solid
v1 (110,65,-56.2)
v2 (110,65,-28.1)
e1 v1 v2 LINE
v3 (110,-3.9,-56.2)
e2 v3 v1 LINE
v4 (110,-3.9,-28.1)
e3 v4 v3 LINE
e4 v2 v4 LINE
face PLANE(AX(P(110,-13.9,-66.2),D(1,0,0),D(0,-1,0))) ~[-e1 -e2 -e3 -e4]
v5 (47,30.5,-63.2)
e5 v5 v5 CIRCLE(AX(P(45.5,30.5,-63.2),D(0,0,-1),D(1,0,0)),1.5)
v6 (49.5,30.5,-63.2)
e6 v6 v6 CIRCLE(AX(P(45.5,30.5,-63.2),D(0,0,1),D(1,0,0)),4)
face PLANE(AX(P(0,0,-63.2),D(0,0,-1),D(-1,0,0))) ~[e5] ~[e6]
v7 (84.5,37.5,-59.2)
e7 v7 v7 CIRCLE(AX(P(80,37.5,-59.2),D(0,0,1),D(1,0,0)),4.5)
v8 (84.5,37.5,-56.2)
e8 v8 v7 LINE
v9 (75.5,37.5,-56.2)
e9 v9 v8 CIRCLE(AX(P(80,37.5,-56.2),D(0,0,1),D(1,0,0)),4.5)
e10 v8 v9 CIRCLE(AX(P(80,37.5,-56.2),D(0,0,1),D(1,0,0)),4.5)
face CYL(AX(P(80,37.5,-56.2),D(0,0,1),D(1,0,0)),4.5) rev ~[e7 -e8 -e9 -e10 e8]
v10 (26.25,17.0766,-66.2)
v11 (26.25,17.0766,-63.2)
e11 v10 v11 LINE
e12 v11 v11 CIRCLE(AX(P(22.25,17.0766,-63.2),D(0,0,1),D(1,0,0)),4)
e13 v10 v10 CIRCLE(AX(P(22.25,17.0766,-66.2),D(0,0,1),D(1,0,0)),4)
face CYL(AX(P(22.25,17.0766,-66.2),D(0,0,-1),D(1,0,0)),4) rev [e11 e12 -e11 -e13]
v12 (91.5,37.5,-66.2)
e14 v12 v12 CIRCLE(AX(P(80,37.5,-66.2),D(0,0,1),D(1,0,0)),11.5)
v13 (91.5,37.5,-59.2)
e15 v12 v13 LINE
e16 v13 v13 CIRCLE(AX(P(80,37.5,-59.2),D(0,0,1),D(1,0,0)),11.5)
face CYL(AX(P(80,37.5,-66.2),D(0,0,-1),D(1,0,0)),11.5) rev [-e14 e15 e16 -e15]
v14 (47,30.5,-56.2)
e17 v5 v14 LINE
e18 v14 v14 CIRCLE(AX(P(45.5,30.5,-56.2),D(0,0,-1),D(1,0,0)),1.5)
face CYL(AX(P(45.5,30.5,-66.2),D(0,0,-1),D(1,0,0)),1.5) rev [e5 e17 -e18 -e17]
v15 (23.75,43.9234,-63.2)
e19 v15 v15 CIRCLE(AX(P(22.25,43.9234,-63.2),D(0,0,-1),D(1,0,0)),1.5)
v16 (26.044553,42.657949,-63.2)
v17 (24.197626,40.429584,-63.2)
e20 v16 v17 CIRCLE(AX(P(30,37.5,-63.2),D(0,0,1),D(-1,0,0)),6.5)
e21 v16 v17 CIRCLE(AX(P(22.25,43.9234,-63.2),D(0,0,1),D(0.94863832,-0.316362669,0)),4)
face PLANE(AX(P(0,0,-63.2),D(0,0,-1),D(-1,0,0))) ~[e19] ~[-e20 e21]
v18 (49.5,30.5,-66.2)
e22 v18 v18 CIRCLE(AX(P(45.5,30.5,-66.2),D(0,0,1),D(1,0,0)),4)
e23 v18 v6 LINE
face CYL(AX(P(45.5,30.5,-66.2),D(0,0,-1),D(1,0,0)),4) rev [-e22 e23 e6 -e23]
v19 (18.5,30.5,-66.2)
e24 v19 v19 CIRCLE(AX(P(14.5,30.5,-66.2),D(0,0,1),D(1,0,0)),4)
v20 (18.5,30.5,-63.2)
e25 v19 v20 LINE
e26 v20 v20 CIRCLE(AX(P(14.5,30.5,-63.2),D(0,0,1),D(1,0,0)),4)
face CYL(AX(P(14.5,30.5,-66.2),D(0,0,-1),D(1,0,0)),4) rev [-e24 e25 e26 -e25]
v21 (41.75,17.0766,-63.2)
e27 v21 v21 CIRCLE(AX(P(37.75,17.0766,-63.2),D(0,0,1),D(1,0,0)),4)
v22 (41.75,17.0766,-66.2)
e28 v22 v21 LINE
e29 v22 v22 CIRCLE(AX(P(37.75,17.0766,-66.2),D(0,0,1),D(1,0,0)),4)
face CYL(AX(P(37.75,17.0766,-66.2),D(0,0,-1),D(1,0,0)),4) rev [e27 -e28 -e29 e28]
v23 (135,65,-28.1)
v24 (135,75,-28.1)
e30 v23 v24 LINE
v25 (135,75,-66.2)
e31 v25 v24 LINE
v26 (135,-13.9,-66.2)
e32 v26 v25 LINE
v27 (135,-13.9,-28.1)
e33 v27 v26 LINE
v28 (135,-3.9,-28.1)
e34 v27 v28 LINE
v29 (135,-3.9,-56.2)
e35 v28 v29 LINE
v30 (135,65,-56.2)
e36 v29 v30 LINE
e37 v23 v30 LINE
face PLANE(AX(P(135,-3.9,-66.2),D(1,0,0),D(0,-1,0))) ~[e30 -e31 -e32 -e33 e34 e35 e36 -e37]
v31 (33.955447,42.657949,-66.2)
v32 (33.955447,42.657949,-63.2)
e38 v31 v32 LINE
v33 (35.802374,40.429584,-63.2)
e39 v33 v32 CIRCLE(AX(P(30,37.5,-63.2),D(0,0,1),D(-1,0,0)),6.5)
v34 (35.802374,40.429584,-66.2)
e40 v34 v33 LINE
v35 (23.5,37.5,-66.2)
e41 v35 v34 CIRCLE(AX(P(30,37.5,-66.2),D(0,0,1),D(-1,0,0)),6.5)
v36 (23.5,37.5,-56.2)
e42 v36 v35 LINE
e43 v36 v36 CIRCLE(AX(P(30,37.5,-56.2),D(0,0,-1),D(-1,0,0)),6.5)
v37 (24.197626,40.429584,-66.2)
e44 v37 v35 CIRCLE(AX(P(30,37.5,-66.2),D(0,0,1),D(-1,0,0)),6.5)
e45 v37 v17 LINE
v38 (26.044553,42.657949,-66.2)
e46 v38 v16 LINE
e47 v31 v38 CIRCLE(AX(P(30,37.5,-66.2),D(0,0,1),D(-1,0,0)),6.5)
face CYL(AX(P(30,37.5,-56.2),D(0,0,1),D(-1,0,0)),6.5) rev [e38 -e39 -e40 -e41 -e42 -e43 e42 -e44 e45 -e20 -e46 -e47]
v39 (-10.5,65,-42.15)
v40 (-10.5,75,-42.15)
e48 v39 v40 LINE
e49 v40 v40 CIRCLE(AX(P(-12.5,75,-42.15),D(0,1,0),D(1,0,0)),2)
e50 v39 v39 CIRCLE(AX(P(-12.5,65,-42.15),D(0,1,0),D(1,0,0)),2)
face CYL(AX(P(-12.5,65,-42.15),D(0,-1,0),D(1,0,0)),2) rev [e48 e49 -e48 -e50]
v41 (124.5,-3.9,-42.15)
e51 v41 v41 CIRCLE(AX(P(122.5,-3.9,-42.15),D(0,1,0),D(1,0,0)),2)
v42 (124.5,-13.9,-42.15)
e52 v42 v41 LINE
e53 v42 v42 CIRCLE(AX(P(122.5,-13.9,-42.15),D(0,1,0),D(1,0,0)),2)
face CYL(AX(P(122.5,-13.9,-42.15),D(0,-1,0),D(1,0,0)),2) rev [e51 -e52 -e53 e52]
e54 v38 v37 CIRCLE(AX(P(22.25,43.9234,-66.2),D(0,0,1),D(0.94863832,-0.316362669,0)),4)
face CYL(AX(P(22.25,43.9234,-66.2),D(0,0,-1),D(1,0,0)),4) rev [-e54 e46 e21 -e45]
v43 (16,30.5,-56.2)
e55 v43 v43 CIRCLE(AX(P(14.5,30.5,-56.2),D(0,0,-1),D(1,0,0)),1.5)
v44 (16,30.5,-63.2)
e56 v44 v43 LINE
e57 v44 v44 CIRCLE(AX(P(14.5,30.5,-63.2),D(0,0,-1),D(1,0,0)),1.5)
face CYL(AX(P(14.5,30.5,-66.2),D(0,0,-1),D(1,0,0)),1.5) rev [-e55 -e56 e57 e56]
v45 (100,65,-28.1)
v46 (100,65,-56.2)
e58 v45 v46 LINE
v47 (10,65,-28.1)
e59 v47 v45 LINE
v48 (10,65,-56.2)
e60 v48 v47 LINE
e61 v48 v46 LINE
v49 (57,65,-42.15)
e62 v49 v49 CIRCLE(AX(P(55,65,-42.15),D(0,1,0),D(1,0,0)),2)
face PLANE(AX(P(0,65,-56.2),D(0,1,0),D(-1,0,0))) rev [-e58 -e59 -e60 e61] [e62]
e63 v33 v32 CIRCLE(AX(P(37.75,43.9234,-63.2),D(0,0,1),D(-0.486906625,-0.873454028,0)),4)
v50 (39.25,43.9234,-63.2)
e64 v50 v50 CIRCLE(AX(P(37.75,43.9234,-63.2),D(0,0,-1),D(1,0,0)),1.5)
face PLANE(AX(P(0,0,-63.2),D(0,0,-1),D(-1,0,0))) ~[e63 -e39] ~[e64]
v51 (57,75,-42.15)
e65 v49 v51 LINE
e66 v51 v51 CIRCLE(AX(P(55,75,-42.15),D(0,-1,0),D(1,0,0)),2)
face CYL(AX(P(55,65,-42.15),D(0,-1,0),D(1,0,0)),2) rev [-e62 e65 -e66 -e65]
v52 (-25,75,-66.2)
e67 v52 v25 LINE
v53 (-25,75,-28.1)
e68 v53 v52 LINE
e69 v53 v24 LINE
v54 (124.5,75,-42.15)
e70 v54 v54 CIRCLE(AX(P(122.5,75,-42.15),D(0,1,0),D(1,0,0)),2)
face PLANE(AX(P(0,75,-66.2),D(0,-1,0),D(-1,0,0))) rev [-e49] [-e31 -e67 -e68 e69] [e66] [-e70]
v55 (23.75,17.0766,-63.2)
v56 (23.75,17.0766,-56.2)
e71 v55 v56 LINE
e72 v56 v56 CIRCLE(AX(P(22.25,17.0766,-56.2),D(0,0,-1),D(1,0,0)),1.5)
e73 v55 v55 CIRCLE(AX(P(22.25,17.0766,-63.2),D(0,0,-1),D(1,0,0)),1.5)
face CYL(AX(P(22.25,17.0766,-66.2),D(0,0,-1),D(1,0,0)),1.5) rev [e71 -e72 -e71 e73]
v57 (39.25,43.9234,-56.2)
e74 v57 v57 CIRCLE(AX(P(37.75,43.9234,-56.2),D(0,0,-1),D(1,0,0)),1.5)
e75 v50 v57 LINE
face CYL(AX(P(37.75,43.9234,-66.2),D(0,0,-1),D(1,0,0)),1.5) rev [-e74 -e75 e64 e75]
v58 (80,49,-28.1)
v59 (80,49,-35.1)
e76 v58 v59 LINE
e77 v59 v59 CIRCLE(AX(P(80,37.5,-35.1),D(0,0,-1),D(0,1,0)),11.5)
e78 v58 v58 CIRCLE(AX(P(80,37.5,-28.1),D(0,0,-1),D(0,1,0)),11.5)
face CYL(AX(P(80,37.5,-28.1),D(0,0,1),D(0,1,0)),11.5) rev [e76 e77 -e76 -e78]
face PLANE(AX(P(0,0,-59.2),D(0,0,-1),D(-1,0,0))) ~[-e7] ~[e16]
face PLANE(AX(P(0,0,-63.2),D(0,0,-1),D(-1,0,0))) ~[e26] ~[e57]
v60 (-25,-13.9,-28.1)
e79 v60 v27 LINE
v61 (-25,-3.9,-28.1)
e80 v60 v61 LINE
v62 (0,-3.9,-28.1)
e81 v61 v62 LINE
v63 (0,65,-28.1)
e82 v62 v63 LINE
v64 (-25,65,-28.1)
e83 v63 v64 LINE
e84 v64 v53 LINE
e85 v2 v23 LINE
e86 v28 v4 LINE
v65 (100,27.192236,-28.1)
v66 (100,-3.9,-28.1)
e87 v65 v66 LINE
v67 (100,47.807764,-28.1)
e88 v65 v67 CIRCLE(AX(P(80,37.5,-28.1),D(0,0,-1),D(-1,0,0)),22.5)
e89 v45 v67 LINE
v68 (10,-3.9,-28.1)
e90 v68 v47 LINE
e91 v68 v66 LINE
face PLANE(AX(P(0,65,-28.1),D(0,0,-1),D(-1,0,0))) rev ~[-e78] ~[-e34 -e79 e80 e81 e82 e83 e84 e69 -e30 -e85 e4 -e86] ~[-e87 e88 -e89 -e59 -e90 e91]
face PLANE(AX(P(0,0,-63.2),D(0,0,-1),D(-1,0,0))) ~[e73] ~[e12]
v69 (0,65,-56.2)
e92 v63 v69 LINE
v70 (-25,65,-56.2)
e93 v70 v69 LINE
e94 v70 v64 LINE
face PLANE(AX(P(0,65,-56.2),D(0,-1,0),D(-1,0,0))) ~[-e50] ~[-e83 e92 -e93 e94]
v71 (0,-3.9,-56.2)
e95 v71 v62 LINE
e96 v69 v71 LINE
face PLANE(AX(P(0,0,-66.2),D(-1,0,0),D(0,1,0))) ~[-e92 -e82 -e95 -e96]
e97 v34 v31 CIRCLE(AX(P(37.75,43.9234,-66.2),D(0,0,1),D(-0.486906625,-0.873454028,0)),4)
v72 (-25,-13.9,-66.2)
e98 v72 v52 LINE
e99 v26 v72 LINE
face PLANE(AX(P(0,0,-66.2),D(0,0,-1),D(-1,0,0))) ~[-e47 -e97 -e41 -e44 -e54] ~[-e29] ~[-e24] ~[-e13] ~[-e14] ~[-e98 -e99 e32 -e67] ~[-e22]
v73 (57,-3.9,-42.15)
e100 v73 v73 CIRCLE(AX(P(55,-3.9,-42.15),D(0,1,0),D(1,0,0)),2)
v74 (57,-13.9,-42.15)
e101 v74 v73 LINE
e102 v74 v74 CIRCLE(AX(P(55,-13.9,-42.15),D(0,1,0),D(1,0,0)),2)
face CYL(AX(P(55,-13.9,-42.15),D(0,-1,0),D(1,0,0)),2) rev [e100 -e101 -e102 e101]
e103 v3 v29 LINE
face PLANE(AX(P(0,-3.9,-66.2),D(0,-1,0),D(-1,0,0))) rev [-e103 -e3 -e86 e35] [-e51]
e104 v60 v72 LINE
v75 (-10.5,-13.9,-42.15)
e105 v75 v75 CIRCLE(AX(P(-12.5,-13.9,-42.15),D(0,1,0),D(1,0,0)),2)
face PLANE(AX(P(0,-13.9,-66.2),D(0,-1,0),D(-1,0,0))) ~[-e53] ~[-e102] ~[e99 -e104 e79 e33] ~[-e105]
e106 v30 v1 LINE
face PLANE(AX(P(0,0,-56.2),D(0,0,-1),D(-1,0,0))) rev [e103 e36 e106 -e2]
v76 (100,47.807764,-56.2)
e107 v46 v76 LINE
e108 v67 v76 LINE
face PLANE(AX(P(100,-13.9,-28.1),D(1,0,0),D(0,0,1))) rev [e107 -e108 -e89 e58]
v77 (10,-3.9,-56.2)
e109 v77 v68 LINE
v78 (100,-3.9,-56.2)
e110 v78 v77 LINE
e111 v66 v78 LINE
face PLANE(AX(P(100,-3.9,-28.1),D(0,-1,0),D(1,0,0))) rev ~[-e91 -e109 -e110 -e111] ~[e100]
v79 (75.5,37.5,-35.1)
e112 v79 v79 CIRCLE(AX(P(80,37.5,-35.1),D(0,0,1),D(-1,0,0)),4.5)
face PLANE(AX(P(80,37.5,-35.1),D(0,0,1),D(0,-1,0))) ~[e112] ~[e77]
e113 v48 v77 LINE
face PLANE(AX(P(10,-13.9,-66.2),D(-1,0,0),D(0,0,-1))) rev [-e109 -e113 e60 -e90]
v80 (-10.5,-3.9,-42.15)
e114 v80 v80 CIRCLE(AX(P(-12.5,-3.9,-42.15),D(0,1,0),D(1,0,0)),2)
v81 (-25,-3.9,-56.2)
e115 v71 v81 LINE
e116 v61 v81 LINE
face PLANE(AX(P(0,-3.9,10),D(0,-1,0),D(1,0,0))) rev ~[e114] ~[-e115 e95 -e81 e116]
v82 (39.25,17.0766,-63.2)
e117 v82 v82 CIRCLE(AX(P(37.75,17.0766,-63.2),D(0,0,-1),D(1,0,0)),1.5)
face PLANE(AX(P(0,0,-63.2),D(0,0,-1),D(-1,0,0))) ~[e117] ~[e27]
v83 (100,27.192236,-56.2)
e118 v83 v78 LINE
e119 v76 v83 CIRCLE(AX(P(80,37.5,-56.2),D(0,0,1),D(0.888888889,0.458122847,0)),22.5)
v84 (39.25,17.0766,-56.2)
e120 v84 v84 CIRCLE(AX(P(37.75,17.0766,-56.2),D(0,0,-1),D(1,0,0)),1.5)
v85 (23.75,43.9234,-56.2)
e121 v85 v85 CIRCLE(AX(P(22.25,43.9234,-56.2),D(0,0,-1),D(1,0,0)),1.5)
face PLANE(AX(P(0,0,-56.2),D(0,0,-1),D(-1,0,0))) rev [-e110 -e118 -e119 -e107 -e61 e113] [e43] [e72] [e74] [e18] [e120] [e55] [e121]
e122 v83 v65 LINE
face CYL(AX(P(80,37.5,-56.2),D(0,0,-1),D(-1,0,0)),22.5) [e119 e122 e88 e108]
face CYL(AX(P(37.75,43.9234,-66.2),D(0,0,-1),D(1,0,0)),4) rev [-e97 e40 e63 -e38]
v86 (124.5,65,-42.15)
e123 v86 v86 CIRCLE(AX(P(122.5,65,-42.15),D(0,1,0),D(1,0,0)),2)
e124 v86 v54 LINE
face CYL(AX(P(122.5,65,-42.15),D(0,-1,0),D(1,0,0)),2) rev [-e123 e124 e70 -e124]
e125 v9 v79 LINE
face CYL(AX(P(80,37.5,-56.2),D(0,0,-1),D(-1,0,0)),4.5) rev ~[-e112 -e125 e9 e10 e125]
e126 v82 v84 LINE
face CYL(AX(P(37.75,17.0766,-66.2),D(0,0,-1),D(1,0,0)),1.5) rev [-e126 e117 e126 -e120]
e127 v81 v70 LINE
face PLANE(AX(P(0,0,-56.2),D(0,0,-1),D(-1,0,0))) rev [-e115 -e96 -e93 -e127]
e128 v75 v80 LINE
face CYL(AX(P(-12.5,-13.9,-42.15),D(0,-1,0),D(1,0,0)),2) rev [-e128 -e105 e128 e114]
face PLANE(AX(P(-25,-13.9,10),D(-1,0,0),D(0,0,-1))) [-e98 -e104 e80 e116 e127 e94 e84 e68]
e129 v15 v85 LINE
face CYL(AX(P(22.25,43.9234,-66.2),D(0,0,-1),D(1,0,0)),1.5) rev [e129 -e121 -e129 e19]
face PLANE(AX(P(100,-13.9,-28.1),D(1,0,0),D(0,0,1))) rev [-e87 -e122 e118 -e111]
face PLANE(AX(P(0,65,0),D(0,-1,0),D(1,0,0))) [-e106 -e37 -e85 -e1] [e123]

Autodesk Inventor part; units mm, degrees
ref_plane "YZ Plane" through (0, 0, 0) normal (1, 0, 0) x (0, 1, 0)
ref_plane "XZ Plane" through (0, 0, 0) normal (0, 1, 0) x (-1, 0, 0)
ref_plane "XY Plane" through (0, 0, 0) normal (0, 0, 1) x (1, 0, 0)
sketch "Sketch1" plane through (0, 0, 0) normal (0, 0, 1) x (1, 0, 0)
  line L0 (0, 0) -> (110, 0)
  line L1 (110, 0) -> (110, 75)
  line L2 (110, 75) -> (0, 75)
  line L3 (0, 75) -> (0, 0)
  circle A0 centre (80, 37.5) radius 4.5
  circle A1 centre (30, 37.5) radius 4
  line L4 (30, 37.5) -> (80, 37.5) construction
  point P0 (110, 37.5)
  dimension "d0" = 110
  dimension "d1" = 75
  dimension "d2" = 9
  dimension "d3" = 8
  dimension "d4" = 50
  dimension "d5" = 30
extrude "Extrusion1" add sketch "Sketch1" along normal blind 10
sketch "Sketch2" plane through (0, 75, 0) normal (0, 1, 0) x (1, 0, 0)
  line L0 (110, -10) -> (0, -10) projected
  line L1 (0, -10) -> (110, -10)
  line L2 (110, -10) -> (110, 28.1)
  line L3 (110, 28.1) -> (0, 28.1)
  line L4 (0, 28.1) -> (0, -10)
  point P0 (0, 0)
  dimension "d8" = 38.1
extrude "Extrusion2" add sketch "Sketch2" against normal blind 10
sketch "Sketch3" plane through (110, 0, 10) normal (1, 0, 0) x (0, 0, -1)
  line L0 (38.1, 65) -> (10, 65) projected
  line L1 (10, 0) -> (10, 65) projected
  line L2 (10, 0) -> (38.1, 65)
extrude "Extrusion3" add sketch "Sketch3" against normal blind 10
sketch "Sketch4" plane through (0, 0, 10) normal (-1, 0, 0) x (0, 0, 1)
  line L0 (-10, 65) -> (-10, 0) projected
  line L1 (-38.1, 65) -> (-10, 65) projected
  line L2 (-38.1, 65) -> (-10, 0) projected
  point P0 (-10, 0)
extrude "Extrusion4" add sketch "Sketch4" against normal blind 10
sketch "Sketch6" plane through (0, 65, 0) normal (0, -1, 0) x (1, 0, 0)
  line L0 (110, -28.1) -> (110, 10) projected
  line L1 (110, 0) -> (135, 0)
  line L2 (135, 0) -> (135, -28.1)
  line L3 (135, -28.1) -> (110, -28.1)
  line L4 (110, -28.1) -> (110, 0)
  line L5 (0, 0) -> (-25, 0)
  line L6 (-25, 0) -> (-25, -28.1)
  line L7 (-25, -28.1) -> (0, -28.1)
  line L8 (0, -28.1) -> (0, 0)
  line L9 (10, -28.1) -> (100, -28.1) projected
  circle A0 centre (122.5, -14.05) radius 2
  circle A1 centre (-12.5, -14.05) radius 2
  point P0 (135, -14.05)
  point P1 (-25, -14.05)
  point P2 (-12.5, -28.1)
  point P3 (122.5, -28.1)
  dimension "d17" = 25
  dimension "d18" = 25
  dimension "d19" = 4
  dimension "d20" = 4
extrude "Extrusion5" add sketch "Sketch6" against normal blind 10
sketch "Sketch7" plane through (0, 65, 0) normal (0, -1, 0) x (1, 0, 0)
  line L0 (110, 0) -> (135, 0) projected
  line L1 (110, 0) -> (135, 0)
  line L2 (135, 0) -> (135, 10)
  line L3 (135, 10) -> (110, 10)
  line L4 (110, 10) -> (110, 0)
  line L5 (0, 0) -> (10, 0) projected
  line L6 (0, 0) -> (-25, 0)
  line L7 (-25, 0) -> (-25, 10)
  line L8 (-25, 10) -> (0, 10)
  line L9 (0, 10) -> (0, 0)
  point P0 (0, 10)
  point P1 (-25, 0)
extrude "Extrusion6" add sketch "Sketch7" against normal blind 10
sketch "Sketch8" plane through (0, 65, 0) normal (0, -1, 0) x (1, 0, 0)
  circle A0 centre (122.5, -14.05) radius 2 projected
  line L0 (10, -28.1) -> (100, -28.1) projected
  circle A1 centre (55, -14.05) radius 2
  point P0 (0, 0)
  point P1 (55, -28.1)
  dimension "d25" = 4
extrude "Extrusion7" cut sketch "Sketch8" against normal through all contours A1
sketch "Sketch11" plane through (0, 0, 10) normal (0, 0, 1) x (1, 0, 0)
  line L0 (30, 30.5) -> (45.5, 30.5) construction
  circle A0 centre (30, 37.5) radius 4 construction
  circle A1 centre (45.5, 30.5) radius 1.5
  line L1 (30, 30.5) -> (37.75, 43.9234) construction
  circle A2 centre (37.75, 43.9234) radius 1.5
  line L2 (30, 30.5) -> (22.25, 43.9234) construction
  circle A3 centre (22.25, 43.9234) radius 1.5
  line L3 (30, 30.5) -> (14.5, 30.5) construction
  circle A4 centre (14.5, 30.5) radius 1.5
  line L4 (30, 30.5) -> (22.25, 17.0766) construction
  circle A5 centre (22.25, 17.0766) radius 1.5
  line L5 (30, 30.5) -> (37.75, 17.0766) construction
  circle A6 centre (37.75, 17.0766) radius 1.5
  point P0 (0, 0)
  dimension "d31" = 15.5
  dimension "d32" = 7
  dimension "d33" = 3
  dimension "d36" = 360
extrude "Extrusion9" cut sketch "Sketch11" against normal through all
sketch "Sketch12" plane through (0, 0, 0) normal (0, 0, -1) x (-1, 0, 0)
  circle A0 centre (-30, 37.5) radius 4 projected
  circle A1 centre (-30, 37.5) radius 6.5
  point P0 (0, 0)
  dimension "d40" = 13
extrude "Extrusion10" cut sketch "Sketch12" against normal through all
sketch "Sketch13" plane through (0, 0, 10) normal (0, 0, 1) x (1, 0, 0)
  circle A0 centre (45.5, 30.5) radius 1.5 projected
  circle A1 centre (14.5, 30.5) radius 1.5 projected
  circle A2 centre (22.25, 43.9234) radius 1.5 projected
  circle A3 centre (37.75, 43.9234) radius 1.5 projected
  circle A4 centre (37.75, 17.0766) radius 1.5 projected
  circle A5 centre (22.25, 17.0766) radius 1.5 projected
  circle A6 centre (14.5, 30.5) radius 4
  circle A7 centre (22.25, 43.9234) radius 4
  circle A8 centre (37.75, 43.9234) radius 4
  circle A9 centre (45.5, 30.5) radius 4
  circle A10 centre (37.75, 17.0766) radius 4
  circle A11 centre (22.25, 17.0766) radius 4
  point P0 (0, 0)
  dimension "d43" = 8
  dimension "d44" = 8
  dimension "d45" = 8
  dimension "d46" = 8
  dimension "d47" = 8
  dimension "d48" = 8
extrude "Extrusion11" cut sketch "Sketch13" against normal blind 3 contours A0 | A1 | A2 | A3 | A4 | A5 | A6 | A7 | A8 | A9 | A10 | A11
sketch "Sketch15" plane through (0, 0, 10) normal (0, 0, 1) x (1, 0, 0)
  line L0 (135, 75) -> (-25, 75) projected
  line L1 (110, 75) -> (0, 75)
  line L2 (0, 75) -> (0, -13.9)
  line L3 (0, -13.9) -> (110, -13.9)
  line L4 (110, -13.9) -> (110, 75)
  line L5 (100, 0) -> (110, 0) projected
  line L6 (110, 0) -> (0, 0)
  line L7 (0, 0) -> (0, -13.9)
  line L8 (0, -13.9) -> (110, -13.9)
  line L9 (110, -13.9) -> (110, 0)
  dimension "d54" = 88.9
extrude "Extrusion13" add sketch "Sketch15" against normal blind 10 contours L4 L3 L2 L6 L5
sketch "Sketch16" plane through (0, -13.9, 10) normal (0, -1, 0) x (1, 0, 0)
  line L0 (0, 0) -> (0, -38.1) projected
  line L1 (10, -10) -> (10, -38.1) projected
  line L2 (0, 0) -> (10, 0)
  line L3 (10, 0) -> (10, -38.1)
  line L4 (10, -38.1) -> (0, -38.1)
  line L5 (0, -38.1) -> (0, 0)
  line L6 (135, 0) -> (110, 0) projected
  line L7 (100, -38.1) -> (100, -10) projected
  line L8 (110, 0) -> (100, 0)
  line L9 (100, 0) -> (100, -38.1)
  line L10 (100, -38.1) -> (110, -38.1)
  line L11 (110, -38.1) -> (110, 0)
  point P0 (0, -10)
extrude "Extrusion14" add sketch "Sketch16" against normal blind 88.9
sketch "Sketch17" plane through (100, -13.9, -28.1) normal (0, -1, 0) x (1, 0, 0)
  line L0 (10, 0) -> (10, 38.1) projected
  line L1 (10, 0) -> (-100, 0)
  line L2 (-100, 0) -> (-100, 38.1)
  line L3 (-100, 38.1) -> (10, 38.1)
  line L4 (10, 38.1) -> (10, 0)
  point P0 (-100, 28.1)
extrude "Extrusion15" add sketch "Sketch17" against normal blind 10
sketch "Sketch18" plane through (0, -13.9, 10) normal (0, -1, 0) x (1, 0, 0)
  line L0 (0, -38.1) -> (110, -38.1) projected
  line L1 (110, 0) -> (110, -38.1) projected
  line L2 (0, 0) -> (110, 0) projected
  line L3 (0, 0) -> (0, -38.1) projected
  circle A0 centre (122.5, -24.05) radius 2 projected
  line L4 (110, -38.1) -> (110, 0) projected
  line L5 (135, -38.1) -> (110, -38.1) projected
  line L6 (135, -38.1) -> (135, 0) projected
  line L7 (135, 0) -> (110, 0) projected
  circle A1 centre (-12.5, -24.05) radius 2 projected
  line L8 (-25, 0) -> (-25, -38.1) projected
  line L9 (-25, -38.1) -> (0, -38.1) projected
  line L10 (0, 0) -> (0, -38.1) projected
  line L11 (-25, 0) -> (0, 0) projected
  point P0 (0, -10)
extrude "Extrusion16" add sketch "Sketch18" against normal blind 10 contours L9 L8 L11 L3 | L1 L7 L6 L5
sketch "Sketch19" plane through (135, -13.9, -28.1) normal (0, -1, 0) x (1, 0, 0)
  circle A0 centre (-80, 14.05) radius 2 projected
  circle A1 centre (-80, 14.05) radius 2 projected
  point P0 (-135, 28.1)
extrude "Extrusion17" cut sketch "Sketch19" against normal blind 10
sketch "Sketch20" plane through (0, 0, 10) normal (0, 0, 1) x (1, 0, 0)
  line L0 (135, 65) -> (110, 65) projected
  line L1 (110, -3.9) -> (110, 65) projected
  line L2 (135, 65) -> (110, 65)
  line L3 (110, 65) -> (110, -3.9)
  line L4 (110, -3.9) -> (135, -3.9)
  line L5 (135, -3.9) -> (135, 65)
  line L6 (0, -3.9) -> (-25, -3.9) projected
  line L7 (-25, 65) -> (0, 65) projected
  line L8 (0, -3.9) -> (-25, -3.9)
  line L9 (-25, -3.9) -> (-25, 65)
  line L10 (-25, 65) -> (0, 65)
  line L11 (0, 65) -> (0, -3.9)
  point P0 (0, 0)
extrude "Extrusion18" add sketch "Sketch20" against normal blind 10
sketch "Sketch21" plane through (0, 0, 0) normal (0, 0, -1) x (-1, 0, 0)
  circle A0 centre (-80, 37.5) radius 4.5 projected
  circle A1 centre (-80, 37.5) radius 22.5
  point P0 (0, 0)
  dimension "d67" = 45
extrude "Extrusion19" add sketch "Sketch21" along normal blind 28.1
sketch "Sketch22" plane through (80, 37.5, -28.1) normal (0, 0, -1) x (0, 1, 0)
  circle A0 centre (0, 0) radius 4.5 projected
  circle A1 centre (0, 0) radius 4.5 projected
  circle A2 centre (0, 0) radius 11.5
  point P0 (-37.5, -80)
  dimension "d70" = 23
extrude "Extrusion20" cut sketch "Sketch22" against normal blind 7
sketch "Sketch23" plane through (0, 0, 10) normal (0, 0, 1) x (1, 0, 0)
  circle A0 centre (80, 37.5) radius 4.5 projected
  circle A1 centre (80, 37.5) radius 11.5
  point P0 (0, 0)
  dimension "d73" = 23
extrude "Extrusion21" cut sketch "Sketch23" against normal blind 7
mirror "Mirror1" about plane through (0, 75, -28.1) normal (0, 0, -1) of "Extrusion1", "Extrusion2", "Extrusion3", "Extrusion4", "Extrusion5", "Extrusion6", "Extrusion7", "Extrusion9", "Extrusion10", "Extrusion11", "Extrusion13", "Extrusion14", "Extrusion15", "Extrusion16", "Extrusion17", "Extrusion18", "Extrusion19", "Extrusion20", "Extrusion21"
sketch "Sketch24" plane through (0, 65, -28.1) normal (0, 0, -1) x (-1, 0, 0)
  arc A0 (-100, -37.8078) -> (-100, -17.1922) centre (-80, -27.5) ccw projected
  circle A1 centre (-80, -27.5) radius 11.5 projected
  line L0 (-135, -78.9) -> (-135, 10) projected
  line L1 (25, 10) -> (-135, 10) projected
  line L2 (25, -78.9) -> (25, 10) projected
  line L3 (25, -78.9) -> (-135, -78.9) projected
  arc A2 (-33.9554, -22.342) -> (-35.8024, -24.5704) centre (-37.75, -21.0766) ccw projected
  arc A3 (-35.8024, -24.5704) -> (-24.1976, -24.5704) centre (-30, -27.5) ccw projected
  arc A4 (-24.1976, -24.5704) -> (-26.0446, -22.342) centre (-22.25, -21.0766) ccw projected
  arc A5 (-26.0446, -22.342) -> (-33.9554, -22.342) centre (-30, -27.5) ccw projected
  circle A6 centre (-22.25, -47.9234) radius 4 projected
  circle A7 centre (-45.5, -34.5) radius 4 projected
  circle A8 centre (-14.5, -34.5) radius 4 projected
  circle A9 centre (-37.75, -47.9234) radius 4 projected
  point P0 (0, -65)
extrude "Extrusion22" cut sketch "Sketch24" against normal through all contours A1 | L0 L1 L2 L3 | A5 A4 A3 A2 | A6 | A7 | A8 | A9
properties part number "BA03" material "ABS Plastic"
